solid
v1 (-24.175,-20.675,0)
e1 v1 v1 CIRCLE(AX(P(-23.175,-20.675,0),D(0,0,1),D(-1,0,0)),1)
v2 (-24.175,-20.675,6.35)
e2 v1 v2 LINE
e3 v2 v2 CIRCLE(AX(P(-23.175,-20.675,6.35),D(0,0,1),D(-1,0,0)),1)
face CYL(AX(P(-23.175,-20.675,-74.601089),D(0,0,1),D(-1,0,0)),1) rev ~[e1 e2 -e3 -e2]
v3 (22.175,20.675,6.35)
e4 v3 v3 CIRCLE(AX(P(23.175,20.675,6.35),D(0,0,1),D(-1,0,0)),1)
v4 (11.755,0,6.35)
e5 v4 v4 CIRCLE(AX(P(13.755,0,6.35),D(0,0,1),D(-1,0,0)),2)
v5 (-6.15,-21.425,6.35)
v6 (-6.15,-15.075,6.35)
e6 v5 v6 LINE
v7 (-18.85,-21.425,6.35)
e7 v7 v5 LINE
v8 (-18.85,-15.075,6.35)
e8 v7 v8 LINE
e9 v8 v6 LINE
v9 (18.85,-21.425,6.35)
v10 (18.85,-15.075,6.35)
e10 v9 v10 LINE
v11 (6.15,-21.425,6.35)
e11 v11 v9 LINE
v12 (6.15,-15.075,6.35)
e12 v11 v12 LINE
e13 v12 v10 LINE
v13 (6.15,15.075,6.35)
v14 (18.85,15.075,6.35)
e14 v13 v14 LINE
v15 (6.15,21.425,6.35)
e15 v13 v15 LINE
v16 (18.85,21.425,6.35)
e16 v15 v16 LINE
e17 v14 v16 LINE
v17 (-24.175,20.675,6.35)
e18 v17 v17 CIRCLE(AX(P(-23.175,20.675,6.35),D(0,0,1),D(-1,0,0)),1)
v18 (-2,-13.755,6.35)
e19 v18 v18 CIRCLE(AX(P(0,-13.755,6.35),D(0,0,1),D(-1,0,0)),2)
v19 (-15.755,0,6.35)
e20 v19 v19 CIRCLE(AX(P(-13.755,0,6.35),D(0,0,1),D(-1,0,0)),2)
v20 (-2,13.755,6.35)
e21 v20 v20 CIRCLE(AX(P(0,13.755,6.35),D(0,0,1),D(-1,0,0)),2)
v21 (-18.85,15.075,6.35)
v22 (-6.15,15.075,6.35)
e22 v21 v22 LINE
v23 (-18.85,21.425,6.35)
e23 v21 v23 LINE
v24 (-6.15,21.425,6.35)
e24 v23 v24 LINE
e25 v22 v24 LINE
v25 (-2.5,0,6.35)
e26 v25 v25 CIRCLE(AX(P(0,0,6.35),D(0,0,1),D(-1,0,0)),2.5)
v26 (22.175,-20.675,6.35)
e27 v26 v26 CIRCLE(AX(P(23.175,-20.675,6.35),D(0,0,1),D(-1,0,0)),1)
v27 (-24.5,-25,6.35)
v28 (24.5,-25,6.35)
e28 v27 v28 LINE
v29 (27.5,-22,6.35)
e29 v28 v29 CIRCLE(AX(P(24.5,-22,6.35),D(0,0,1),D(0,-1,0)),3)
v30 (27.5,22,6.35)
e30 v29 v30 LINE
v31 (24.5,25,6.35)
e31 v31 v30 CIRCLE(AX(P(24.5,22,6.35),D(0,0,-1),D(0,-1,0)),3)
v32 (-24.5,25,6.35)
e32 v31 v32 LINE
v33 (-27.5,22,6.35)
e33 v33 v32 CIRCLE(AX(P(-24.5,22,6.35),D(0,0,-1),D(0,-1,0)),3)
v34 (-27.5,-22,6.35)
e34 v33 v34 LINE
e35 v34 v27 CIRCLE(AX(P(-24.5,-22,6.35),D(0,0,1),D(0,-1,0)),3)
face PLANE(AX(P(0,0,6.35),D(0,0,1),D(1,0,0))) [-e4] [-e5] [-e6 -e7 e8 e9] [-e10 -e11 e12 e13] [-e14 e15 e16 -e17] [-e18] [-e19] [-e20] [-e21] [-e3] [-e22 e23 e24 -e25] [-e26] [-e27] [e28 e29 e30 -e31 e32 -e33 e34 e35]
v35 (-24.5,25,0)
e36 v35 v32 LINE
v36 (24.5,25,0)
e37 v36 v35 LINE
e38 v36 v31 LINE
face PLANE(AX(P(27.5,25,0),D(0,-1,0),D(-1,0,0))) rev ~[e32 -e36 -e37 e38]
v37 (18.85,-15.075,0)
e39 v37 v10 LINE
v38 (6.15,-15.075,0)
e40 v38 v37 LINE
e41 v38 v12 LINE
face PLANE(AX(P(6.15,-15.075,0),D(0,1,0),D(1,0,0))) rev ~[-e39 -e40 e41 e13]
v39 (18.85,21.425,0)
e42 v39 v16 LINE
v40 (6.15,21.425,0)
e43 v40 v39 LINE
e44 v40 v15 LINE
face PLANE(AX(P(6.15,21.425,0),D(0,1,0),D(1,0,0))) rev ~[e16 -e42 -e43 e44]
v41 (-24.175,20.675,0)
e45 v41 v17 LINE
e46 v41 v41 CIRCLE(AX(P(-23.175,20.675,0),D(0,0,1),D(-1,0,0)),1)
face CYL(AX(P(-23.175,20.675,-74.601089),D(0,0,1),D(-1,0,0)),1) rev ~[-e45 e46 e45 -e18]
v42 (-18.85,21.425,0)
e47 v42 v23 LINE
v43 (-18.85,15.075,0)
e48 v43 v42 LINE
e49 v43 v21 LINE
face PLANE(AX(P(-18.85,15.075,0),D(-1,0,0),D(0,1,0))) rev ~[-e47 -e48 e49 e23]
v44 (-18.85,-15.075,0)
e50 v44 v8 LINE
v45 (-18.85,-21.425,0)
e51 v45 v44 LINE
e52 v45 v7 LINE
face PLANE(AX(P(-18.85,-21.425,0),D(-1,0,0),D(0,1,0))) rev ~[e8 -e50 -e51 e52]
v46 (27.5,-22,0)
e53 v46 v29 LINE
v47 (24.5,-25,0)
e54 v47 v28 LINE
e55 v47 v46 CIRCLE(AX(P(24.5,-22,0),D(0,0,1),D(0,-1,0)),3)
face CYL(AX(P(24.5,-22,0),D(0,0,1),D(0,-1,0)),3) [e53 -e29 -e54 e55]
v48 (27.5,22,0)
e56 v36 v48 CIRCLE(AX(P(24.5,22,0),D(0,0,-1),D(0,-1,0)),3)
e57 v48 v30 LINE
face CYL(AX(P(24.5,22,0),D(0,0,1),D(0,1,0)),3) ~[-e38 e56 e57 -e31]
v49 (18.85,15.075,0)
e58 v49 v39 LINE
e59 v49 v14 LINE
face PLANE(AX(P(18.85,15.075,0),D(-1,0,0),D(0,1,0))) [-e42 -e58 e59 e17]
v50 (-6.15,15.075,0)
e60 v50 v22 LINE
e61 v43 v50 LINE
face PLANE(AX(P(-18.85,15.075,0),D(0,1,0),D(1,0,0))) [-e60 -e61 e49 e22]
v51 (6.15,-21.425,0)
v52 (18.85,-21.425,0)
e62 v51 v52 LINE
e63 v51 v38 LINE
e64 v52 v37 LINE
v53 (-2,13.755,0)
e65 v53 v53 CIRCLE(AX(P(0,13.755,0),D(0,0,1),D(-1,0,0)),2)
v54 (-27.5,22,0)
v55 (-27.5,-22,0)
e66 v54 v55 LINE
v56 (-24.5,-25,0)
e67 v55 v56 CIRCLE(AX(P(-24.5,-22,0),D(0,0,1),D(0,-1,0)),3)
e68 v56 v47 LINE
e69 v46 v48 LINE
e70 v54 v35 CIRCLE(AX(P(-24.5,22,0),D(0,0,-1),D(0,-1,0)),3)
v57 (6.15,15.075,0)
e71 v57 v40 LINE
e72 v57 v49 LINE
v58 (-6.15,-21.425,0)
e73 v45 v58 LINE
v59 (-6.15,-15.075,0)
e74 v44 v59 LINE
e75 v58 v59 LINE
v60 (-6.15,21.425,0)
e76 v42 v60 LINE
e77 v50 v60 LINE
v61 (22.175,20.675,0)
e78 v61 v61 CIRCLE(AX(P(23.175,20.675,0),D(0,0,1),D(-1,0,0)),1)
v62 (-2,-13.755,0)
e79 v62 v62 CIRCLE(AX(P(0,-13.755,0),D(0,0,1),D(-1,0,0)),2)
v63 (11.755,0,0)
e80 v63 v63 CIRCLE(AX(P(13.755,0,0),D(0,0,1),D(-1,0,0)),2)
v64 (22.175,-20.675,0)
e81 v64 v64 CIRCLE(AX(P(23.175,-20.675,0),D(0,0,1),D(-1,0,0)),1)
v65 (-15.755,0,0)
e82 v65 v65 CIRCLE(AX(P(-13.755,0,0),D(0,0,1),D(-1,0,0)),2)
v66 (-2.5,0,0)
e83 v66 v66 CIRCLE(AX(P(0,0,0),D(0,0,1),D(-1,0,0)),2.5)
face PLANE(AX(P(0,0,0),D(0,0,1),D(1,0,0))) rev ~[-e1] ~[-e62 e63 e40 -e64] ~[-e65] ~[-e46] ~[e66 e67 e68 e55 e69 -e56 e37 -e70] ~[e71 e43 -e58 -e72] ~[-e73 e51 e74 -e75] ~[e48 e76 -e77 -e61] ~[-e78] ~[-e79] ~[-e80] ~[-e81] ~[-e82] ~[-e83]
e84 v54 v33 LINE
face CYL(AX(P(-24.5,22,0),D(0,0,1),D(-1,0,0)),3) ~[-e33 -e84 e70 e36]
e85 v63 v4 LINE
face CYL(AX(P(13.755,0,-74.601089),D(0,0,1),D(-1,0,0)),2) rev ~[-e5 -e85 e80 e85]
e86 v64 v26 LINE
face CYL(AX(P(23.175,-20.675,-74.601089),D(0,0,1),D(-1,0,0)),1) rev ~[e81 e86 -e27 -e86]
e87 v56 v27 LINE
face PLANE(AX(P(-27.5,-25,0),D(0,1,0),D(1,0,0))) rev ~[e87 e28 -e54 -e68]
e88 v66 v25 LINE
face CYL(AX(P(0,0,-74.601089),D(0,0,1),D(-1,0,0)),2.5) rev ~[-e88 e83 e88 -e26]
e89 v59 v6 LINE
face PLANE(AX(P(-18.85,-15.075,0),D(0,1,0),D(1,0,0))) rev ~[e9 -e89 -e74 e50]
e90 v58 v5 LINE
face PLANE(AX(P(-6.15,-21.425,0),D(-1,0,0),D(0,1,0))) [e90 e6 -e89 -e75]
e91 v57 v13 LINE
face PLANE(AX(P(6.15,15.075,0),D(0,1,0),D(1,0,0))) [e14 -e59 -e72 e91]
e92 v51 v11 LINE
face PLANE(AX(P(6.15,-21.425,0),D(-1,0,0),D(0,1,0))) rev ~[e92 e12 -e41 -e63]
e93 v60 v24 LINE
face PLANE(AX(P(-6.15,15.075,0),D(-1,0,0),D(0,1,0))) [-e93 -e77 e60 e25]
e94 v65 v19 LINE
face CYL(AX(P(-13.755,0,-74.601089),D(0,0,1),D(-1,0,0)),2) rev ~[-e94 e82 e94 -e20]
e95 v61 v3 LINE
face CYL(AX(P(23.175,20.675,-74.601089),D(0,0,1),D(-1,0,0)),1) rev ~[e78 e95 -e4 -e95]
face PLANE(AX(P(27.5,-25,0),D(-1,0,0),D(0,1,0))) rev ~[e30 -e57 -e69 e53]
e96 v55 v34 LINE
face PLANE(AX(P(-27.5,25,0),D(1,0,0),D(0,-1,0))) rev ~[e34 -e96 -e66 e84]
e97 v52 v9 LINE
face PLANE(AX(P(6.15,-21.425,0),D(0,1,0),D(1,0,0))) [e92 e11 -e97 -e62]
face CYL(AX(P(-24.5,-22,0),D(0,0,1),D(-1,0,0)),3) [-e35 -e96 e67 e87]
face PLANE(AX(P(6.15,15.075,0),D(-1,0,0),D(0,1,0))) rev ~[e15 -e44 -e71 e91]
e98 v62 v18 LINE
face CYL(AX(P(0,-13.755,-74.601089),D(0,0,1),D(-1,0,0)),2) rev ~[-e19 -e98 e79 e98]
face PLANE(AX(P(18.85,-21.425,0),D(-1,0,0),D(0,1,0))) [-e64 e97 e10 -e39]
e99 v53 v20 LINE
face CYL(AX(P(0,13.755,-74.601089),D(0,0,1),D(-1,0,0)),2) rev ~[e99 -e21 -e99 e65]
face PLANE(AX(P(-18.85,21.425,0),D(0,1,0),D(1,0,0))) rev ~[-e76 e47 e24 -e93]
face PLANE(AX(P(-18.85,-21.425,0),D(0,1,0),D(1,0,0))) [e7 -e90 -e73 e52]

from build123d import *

# Parameters (mm, degrees)
F0_W     = 12.7
F0_H     = 6.35
F1_DEPTH = 6.35
F2_R     = 3
F3_D     = 5
F4_D     = 4
F5_D     = 2


with BuildPart() as f1:
    # F0 (on Top) → F1 (new body)
    with BuildSketch(Plane.XY):
        Polygon((0, 25), (-27.5, 25), (-27.5, -25), (27.5, -25), (27.5, 25), align=None)
        with Locations((-12.5, -18.25)):
            Rectangle(F0_W, F0_H, mode=Mode.SUBTRACT)
        with Locations((12.5, -18.25)):
            Rectangle(F0_W, F0_H, mode=Mode.SUBTRACT)
        with Locations((-12.5, 18.25)):
            Rectangle(F0_W, F0_H, mode=Mode.SUBTRACT)
        with Locations((12.5, 18.25)):
            Rectangle(F0_W, F0_H, mode=Mode.SUBTRACT)
    extrude(amount=F1_DEPTH)

    # F2
    f2_edges = [f1.edges().sort_by_distance(p)[0] for p in [
        (27.5, -25, 3.175),
        (27.5, 25, 3.175),
        (-27.5, -25, 3.175),
        (-27.5, 25, 3.175),
    ]]
    fillet(f2_edges, radius=F2_R)

    # F3 (through all)
    with Locations(Plane(origin=(0, 0, 0), x_dir=(1, 0, 0), z_dir=(0, 0, -1))):
        with Locations((0, 0)):
            Hole(F3_D / 2)

    # F4 (through all)
    with Locations(Plane(origin=(0, 0, 0), x_dir=(1, 0, 0), z_dir=(0, 0, -1))):
        with Locations((-13.755, 0), (0, -13.755), (13.755, 0), (0, 13.755)):
            Hole(F4_D / 2)

    # F5 (through all)
    with Locations(Plane(origin=(0, 0, 0), x_dir=(1, 0, 0), z_dir=(0, 0, -1))):
        with Locations((-23.175, 20.675), (23.175, 20.675), (23.175, -20.675), (-23.175, -20.675)):
            Hole(F5_D / 2)


solid = f1.part
